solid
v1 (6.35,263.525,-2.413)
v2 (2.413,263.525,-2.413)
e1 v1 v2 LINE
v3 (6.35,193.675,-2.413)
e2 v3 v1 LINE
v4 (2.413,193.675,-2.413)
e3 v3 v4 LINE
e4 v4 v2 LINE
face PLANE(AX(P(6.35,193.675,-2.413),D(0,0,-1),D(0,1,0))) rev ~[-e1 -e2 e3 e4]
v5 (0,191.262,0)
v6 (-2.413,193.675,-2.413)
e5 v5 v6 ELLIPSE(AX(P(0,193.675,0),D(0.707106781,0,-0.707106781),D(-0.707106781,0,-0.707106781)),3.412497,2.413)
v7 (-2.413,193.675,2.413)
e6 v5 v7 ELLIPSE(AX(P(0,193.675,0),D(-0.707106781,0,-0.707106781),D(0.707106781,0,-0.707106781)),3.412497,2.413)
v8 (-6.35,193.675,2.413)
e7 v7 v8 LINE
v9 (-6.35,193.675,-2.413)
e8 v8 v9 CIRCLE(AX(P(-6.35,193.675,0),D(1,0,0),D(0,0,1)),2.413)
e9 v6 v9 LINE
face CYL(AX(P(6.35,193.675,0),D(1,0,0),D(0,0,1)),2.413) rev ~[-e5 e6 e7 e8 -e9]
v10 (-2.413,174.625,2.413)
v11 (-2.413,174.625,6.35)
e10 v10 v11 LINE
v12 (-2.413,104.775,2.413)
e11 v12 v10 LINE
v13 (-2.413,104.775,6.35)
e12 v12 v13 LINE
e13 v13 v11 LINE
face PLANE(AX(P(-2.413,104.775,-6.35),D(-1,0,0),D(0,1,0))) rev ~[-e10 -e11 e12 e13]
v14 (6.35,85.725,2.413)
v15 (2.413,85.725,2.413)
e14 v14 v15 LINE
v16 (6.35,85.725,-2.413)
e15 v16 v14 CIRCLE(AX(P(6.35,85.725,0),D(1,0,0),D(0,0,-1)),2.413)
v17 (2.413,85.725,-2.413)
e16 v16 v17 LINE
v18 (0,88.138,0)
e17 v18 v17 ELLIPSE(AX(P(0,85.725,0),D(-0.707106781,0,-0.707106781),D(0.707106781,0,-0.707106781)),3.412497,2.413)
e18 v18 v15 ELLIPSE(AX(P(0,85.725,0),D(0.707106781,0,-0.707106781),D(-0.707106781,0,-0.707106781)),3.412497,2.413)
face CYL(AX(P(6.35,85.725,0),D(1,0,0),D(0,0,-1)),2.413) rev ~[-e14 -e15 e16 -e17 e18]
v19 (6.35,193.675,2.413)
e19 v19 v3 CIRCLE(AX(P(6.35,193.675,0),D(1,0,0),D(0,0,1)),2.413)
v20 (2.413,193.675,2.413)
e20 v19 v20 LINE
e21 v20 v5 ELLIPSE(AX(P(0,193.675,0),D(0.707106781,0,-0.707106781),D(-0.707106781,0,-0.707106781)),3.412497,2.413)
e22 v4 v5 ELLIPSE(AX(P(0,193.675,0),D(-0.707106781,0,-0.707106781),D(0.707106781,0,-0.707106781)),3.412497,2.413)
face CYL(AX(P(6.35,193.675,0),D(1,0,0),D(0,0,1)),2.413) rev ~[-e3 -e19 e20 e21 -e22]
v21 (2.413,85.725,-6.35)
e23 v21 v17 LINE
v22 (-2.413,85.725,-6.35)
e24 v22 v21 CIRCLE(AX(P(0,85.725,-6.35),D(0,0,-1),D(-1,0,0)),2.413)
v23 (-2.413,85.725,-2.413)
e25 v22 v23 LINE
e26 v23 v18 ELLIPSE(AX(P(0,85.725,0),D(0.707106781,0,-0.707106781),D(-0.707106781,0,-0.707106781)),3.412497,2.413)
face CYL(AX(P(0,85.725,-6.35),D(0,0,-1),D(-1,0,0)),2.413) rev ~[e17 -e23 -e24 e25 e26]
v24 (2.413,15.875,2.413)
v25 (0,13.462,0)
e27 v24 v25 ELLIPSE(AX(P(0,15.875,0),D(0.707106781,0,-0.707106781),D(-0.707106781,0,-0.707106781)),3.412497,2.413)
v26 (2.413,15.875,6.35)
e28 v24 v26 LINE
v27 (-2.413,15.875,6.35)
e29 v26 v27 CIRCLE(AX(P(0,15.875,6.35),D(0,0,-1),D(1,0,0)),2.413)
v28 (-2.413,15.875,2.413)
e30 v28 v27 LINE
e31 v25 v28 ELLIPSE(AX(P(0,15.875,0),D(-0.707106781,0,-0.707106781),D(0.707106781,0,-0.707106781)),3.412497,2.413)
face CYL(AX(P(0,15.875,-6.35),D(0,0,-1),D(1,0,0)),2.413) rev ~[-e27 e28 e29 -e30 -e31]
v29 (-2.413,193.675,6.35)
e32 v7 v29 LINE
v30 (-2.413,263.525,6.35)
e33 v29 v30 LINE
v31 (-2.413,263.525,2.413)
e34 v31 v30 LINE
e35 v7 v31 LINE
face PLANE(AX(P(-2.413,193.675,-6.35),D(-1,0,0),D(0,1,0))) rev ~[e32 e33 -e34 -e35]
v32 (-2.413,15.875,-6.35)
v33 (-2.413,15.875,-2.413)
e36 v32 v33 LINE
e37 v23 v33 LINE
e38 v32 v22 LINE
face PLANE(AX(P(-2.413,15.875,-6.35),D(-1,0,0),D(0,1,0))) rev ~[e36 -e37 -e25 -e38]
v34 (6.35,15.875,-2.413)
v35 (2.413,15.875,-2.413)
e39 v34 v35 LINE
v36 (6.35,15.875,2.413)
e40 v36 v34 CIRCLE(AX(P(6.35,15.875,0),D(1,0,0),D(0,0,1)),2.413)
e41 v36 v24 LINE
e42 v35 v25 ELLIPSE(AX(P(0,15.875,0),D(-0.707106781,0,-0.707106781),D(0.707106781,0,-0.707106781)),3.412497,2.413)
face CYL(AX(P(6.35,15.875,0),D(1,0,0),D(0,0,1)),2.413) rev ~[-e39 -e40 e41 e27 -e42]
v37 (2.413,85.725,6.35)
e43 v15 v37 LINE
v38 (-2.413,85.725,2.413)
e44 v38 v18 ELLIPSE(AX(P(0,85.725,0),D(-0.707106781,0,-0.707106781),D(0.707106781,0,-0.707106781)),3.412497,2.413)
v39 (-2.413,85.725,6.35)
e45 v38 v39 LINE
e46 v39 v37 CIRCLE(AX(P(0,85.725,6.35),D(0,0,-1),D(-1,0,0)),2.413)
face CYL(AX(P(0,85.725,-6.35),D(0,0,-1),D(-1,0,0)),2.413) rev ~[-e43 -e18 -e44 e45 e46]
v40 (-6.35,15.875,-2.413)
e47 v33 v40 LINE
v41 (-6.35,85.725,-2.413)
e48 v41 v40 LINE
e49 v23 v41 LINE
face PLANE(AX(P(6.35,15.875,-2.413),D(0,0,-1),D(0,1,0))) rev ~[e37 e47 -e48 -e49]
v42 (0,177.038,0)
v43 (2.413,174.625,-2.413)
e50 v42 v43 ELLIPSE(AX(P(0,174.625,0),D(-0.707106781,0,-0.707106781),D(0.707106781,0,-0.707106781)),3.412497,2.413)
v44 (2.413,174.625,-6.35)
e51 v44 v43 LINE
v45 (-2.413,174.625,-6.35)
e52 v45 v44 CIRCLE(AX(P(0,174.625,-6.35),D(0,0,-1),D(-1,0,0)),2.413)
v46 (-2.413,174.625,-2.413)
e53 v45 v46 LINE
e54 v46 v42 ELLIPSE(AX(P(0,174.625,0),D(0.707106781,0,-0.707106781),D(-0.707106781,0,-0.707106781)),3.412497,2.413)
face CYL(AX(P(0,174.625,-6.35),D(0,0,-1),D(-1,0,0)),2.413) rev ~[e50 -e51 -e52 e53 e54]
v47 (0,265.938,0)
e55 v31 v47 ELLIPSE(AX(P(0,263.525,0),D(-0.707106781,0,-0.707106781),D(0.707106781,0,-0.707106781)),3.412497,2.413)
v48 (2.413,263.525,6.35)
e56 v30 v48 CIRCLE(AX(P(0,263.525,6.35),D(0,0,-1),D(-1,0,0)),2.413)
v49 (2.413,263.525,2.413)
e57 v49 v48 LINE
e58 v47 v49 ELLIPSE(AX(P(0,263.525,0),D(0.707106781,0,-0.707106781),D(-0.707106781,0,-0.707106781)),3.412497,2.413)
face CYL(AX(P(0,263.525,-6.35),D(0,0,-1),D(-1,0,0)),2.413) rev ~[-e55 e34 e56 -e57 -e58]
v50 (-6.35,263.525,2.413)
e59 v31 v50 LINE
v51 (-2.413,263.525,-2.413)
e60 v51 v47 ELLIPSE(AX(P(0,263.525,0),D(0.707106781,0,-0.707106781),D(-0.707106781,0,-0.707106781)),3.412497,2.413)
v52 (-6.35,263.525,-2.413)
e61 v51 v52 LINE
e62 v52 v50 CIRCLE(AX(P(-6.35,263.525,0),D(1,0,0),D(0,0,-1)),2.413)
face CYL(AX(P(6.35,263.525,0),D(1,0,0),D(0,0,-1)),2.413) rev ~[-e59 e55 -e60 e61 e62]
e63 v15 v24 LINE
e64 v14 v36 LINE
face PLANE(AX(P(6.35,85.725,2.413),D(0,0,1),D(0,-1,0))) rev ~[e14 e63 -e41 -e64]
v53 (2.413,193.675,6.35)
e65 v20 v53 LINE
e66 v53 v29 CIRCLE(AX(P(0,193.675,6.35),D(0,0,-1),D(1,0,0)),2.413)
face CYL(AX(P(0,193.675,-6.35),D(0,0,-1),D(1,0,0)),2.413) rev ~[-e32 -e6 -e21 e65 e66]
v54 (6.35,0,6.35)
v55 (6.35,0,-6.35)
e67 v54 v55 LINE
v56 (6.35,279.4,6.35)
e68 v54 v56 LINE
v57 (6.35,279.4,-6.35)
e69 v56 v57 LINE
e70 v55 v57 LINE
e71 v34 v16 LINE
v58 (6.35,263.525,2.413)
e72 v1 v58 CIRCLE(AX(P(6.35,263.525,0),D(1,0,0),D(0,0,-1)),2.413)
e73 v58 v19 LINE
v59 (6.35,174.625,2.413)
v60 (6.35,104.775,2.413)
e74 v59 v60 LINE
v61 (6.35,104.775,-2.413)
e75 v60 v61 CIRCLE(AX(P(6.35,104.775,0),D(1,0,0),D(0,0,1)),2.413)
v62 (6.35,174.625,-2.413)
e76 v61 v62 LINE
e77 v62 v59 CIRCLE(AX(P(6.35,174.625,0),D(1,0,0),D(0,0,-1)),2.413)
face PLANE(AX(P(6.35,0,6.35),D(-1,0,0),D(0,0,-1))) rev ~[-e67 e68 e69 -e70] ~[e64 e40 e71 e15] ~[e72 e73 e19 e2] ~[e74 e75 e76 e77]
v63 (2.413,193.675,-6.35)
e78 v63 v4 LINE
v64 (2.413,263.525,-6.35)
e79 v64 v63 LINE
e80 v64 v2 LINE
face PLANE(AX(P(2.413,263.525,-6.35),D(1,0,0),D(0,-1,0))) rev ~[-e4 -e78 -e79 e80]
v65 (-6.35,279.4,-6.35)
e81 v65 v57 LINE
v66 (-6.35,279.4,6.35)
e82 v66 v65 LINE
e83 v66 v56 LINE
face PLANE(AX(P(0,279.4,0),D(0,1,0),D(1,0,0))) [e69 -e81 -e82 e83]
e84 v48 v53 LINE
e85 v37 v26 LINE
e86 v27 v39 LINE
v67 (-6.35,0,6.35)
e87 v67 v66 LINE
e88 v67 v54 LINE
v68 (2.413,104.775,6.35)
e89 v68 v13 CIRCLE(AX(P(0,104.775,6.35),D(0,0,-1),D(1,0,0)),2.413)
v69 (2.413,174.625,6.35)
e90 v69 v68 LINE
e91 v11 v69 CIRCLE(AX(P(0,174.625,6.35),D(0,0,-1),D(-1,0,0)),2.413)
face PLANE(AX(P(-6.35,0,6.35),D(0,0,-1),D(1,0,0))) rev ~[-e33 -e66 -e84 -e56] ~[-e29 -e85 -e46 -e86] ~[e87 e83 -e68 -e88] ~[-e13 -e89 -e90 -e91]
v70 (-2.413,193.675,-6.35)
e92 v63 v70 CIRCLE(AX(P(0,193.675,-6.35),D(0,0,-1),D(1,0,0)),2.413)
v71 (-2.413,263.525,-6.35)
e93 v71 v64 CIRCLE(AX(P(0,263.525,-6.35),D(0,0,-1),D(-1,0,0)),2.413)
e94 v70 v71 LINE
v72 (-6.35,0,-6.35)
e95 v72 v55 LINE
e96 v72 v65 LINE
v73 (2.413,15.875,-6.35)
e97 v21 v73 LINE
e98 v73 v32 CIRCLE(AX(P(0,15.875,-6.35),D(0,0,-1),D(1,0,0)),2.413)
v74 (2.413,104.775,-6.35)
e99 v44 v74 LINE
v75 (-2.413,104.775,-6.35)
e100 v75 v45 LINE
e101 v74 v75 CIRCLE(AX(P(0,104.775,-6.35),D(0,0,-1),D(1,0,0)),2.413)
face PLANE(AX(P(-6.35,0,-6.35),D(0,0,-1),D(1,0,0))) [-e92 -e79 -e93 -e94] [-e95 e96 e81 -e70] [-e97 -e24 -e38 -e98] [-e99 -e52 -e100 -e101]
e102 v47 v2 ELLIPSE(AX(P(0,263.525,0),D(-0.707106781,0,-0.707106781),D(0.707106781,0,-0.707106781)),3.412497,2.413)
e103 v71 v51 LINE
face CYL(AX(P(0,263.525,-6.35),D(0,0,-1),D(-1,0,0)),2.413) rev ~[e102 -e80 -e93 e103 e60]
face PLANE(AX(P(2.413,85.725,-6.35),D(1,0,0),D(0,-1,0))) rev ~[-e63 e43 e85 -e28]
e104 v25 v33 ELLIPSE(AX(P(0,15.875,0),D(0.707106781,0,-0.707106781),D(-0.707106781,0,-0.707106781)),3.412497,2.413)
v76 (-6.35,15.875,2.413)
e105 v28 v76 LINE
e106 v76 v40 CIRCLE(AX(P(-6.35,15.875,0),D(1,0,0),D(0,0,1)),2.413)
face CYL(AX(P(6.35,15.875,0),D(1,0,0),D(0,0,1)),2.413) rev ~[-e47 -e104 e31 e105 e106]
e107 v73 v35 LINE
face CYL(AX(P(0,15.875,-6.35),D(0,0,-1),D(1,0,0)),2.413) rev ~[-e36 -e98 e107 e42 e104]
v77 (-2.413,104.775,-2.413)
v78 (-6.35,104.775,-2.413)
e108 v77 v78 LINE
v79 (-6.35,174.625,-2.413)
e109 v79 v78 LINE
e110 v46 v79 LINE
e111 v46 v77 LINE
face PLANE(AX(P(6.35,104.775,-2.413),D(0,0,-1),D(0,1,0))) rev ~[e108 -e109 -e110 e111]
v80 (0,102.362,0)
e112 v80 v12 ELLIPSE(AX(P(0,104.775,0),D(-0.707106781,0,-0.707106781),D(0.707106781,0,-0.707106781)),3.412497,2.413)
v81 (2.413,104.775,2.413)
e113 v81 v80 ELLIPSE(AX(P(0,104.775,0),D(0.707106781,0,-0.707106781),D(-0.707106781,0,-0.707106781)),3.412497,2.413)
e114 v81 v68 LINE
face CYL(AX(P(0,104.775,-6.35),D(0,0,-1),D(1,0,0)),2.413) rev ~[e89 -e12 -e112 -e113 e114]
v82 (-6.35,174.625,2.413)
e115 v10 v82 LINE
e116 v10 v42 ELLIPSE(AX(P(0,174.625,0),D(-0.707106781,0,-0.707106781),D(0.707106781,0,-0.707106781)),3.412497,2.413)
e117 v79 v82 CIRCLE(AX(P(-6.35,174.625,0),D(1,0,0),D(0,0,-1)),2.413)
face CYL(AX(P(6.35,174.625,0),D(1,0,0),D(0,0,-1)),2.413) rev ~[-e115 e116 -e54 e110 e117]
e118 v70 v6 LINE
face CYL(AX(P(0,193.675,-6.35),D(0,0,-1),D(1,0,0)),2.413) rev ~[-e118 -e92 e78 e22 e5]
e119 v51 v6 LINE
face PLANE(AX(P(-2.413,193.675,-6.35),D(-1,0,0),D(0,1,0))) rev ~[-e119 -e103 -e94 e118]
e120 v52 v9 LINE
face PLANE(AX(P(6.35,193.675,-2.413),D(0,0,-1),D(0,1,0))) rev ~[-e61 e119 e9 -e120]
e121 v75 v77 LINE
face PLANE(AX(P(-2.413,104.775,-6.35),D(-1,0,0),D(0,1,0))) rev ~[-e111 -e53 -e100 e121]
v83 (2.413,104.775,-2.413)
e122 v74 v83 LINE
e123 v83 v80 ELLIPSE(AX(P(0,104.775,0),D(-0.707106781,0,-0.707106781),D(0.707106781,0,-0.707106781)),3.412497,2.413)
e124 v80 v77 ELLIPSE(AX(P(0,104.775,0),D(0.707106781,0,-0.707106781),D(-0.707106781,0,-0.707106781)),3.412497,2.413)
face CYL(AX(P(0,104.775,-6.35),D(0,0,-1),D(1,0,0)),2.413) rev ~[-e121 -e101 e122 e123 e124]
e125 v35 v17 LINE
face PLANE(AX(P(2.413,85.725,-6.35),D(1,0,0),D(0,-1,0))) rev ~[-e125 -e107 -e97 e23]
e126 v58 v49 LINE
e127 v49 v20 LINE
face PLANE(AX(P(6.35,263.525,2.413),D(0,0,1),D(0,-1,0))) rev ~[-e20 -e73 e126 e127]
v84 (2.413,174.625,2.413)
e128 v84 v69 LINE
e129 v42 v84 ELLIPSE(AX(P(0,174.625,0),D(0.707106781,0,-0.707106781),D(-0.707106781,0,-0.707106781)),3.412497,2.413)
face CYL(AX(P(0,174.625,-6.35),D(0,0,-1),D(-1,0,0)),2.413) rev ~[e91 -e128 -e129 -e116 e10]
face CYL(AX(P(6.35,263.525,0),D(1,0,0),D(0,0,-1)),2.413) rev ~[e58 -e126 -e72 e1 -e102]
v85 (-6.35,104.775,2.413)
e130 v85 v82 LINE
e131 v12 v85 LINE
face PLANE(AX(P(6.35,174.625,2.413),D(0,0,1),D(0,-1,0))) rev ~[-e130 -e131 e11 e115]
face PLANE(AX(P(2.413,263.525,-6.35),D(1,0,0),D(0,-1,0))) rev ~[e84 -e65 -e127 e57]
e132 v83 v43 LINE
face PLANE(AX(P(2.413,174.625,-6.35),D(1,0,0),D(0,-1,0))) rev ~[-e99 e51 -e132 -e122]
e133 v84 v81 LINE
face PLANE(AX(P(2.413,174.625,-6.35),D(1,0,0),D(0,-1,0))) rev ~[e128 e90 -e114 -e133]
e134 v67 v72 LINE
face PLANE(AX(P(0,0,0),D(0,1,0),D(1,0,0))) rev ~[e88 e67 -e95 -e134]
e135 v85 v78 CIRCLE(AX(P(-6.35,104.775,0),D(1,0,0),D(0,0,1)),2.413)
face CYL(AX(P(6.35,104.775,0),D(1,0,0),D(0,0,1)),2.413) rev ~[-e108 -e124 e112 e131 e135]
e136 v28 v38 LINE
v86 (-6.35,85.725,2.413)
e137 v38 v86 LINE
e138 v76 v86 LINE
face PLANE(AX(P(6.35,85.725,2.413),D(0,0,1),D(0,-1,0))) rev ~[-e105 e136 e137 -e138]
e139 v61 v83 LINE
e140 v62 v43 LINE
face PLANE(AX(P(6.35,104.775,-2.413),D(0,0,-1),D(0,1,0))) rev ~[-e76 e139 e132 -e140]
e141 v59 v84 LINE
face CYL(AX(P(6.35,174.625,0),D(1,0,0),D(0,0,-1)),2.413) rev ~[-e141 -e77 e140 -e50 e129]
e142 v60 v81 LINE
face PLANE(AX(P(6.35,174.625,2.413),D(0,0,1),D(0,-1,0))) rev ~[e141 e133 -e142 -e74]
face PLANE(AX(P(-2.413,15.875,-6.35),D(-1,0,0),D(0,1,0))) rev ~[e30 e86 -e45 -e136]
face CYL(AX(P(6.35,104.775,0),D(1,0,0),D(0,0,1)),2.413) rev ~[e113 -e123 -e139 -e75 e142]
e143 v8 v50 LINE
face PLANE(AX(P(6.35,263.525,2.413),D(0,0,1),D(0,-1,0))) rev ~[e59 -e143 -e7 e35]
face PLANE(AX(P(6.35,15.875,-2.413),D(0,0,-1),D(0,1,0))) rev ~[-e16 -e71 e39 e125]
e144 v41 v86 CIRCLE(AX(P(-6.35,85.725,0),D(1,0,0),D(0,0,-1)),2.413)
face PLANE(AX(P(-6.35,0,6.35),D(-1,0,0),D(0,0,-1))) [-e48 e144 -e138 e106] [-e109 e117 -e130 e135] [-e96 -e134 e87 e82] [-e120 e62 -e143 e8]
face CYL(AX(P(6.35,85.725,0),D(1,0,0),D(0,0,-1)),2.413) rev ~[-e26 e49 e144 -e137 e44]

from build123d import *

# Parameters (mm, degrees)
SKETCH1_W           = 12.7
SKETCH1_H           = 12.7
BOSS_EXTRUDE1_DEPTH = 279.4
CUT_EXTRUDE1_DEPTH  = 13.7
CUT_EXTRUDE2_DEPTH  = 13.7
LPATTERN1_COUNT     = 3
LPATTERN1_PITCH     = 88.9


with BuildPart() as part:
    # Sketch1 → Boss-Extrude1 (new body)
    with BuildSketch(Plane(origin=(0, 0, 0), x_dir=(1, 0, 0), z_dir=(0, 1, 0))):
        Rectangle(SKETCH1_W, SKETCH1_H)
    extrude(amount=BOSS_EXTRUDE1_DEPTH)

    # Sketch2 → Cut-Extrude1 (cut, through all)
    with BuildSketch(Plane(origin=(0, 0, -6.35), x_dir=(-1, 0, 0), z_dir=(0, 0, -1))):
        with BuildLine():
            Line((-2.413, 263.525), (-2.413, 193.675))
            ThreePointArc((-2.413, 193.675), (0, 191.262), (2.413, 193.675))
            Line((2.413, 193.675), (2.413, 263.525))
            ThreePointArc((2.413, 263.525), (0, 265.938), (-2.413, 263.525))
        make_face()
    cut_extrude1 = extrude(amount=-CUT_EXTRUDE1_DEPTH, mode=Mode.SUBTRACT)

    # Sketch3 → Cut-Extrude2 (cut, through all)
    with BuildSketch(Plane(origin=(6.35, 0, 0), x_dir=(0, 0, -1), z_dir=(1, 0, 0))):
        with BuildLine():
            Line((-2.413, 263.525), (-2.413, 193.675))
            ThreePointArc((-2.413, 193.675), (0, 191.262), (2.413, 193.675))
            Line((2.413, 193.675), (2.413, 263.525))
            ThreePointArc((2.413, 263.525), (0, 265.938), (-2.413, 263.525))
        make_face()
    cut_extrude2 = extrude(amount=-CUT_EXTRUDE2_DEPTH, mode=Mode.SUBTRACT)

    # LPattern1: Cut-Extrude1, Cut-Extrude2 ×3
    with Locations(*[(0, -i * LPATTERN1_PITCH, 0) for i in range(1, LPATTERN1_COUNT)]):
        add(cut_extrude1, mode=Mode.SUBTRACT)
        add(cut_extrude2, mode=Mode.SUBTRACT)


solid = part.part
